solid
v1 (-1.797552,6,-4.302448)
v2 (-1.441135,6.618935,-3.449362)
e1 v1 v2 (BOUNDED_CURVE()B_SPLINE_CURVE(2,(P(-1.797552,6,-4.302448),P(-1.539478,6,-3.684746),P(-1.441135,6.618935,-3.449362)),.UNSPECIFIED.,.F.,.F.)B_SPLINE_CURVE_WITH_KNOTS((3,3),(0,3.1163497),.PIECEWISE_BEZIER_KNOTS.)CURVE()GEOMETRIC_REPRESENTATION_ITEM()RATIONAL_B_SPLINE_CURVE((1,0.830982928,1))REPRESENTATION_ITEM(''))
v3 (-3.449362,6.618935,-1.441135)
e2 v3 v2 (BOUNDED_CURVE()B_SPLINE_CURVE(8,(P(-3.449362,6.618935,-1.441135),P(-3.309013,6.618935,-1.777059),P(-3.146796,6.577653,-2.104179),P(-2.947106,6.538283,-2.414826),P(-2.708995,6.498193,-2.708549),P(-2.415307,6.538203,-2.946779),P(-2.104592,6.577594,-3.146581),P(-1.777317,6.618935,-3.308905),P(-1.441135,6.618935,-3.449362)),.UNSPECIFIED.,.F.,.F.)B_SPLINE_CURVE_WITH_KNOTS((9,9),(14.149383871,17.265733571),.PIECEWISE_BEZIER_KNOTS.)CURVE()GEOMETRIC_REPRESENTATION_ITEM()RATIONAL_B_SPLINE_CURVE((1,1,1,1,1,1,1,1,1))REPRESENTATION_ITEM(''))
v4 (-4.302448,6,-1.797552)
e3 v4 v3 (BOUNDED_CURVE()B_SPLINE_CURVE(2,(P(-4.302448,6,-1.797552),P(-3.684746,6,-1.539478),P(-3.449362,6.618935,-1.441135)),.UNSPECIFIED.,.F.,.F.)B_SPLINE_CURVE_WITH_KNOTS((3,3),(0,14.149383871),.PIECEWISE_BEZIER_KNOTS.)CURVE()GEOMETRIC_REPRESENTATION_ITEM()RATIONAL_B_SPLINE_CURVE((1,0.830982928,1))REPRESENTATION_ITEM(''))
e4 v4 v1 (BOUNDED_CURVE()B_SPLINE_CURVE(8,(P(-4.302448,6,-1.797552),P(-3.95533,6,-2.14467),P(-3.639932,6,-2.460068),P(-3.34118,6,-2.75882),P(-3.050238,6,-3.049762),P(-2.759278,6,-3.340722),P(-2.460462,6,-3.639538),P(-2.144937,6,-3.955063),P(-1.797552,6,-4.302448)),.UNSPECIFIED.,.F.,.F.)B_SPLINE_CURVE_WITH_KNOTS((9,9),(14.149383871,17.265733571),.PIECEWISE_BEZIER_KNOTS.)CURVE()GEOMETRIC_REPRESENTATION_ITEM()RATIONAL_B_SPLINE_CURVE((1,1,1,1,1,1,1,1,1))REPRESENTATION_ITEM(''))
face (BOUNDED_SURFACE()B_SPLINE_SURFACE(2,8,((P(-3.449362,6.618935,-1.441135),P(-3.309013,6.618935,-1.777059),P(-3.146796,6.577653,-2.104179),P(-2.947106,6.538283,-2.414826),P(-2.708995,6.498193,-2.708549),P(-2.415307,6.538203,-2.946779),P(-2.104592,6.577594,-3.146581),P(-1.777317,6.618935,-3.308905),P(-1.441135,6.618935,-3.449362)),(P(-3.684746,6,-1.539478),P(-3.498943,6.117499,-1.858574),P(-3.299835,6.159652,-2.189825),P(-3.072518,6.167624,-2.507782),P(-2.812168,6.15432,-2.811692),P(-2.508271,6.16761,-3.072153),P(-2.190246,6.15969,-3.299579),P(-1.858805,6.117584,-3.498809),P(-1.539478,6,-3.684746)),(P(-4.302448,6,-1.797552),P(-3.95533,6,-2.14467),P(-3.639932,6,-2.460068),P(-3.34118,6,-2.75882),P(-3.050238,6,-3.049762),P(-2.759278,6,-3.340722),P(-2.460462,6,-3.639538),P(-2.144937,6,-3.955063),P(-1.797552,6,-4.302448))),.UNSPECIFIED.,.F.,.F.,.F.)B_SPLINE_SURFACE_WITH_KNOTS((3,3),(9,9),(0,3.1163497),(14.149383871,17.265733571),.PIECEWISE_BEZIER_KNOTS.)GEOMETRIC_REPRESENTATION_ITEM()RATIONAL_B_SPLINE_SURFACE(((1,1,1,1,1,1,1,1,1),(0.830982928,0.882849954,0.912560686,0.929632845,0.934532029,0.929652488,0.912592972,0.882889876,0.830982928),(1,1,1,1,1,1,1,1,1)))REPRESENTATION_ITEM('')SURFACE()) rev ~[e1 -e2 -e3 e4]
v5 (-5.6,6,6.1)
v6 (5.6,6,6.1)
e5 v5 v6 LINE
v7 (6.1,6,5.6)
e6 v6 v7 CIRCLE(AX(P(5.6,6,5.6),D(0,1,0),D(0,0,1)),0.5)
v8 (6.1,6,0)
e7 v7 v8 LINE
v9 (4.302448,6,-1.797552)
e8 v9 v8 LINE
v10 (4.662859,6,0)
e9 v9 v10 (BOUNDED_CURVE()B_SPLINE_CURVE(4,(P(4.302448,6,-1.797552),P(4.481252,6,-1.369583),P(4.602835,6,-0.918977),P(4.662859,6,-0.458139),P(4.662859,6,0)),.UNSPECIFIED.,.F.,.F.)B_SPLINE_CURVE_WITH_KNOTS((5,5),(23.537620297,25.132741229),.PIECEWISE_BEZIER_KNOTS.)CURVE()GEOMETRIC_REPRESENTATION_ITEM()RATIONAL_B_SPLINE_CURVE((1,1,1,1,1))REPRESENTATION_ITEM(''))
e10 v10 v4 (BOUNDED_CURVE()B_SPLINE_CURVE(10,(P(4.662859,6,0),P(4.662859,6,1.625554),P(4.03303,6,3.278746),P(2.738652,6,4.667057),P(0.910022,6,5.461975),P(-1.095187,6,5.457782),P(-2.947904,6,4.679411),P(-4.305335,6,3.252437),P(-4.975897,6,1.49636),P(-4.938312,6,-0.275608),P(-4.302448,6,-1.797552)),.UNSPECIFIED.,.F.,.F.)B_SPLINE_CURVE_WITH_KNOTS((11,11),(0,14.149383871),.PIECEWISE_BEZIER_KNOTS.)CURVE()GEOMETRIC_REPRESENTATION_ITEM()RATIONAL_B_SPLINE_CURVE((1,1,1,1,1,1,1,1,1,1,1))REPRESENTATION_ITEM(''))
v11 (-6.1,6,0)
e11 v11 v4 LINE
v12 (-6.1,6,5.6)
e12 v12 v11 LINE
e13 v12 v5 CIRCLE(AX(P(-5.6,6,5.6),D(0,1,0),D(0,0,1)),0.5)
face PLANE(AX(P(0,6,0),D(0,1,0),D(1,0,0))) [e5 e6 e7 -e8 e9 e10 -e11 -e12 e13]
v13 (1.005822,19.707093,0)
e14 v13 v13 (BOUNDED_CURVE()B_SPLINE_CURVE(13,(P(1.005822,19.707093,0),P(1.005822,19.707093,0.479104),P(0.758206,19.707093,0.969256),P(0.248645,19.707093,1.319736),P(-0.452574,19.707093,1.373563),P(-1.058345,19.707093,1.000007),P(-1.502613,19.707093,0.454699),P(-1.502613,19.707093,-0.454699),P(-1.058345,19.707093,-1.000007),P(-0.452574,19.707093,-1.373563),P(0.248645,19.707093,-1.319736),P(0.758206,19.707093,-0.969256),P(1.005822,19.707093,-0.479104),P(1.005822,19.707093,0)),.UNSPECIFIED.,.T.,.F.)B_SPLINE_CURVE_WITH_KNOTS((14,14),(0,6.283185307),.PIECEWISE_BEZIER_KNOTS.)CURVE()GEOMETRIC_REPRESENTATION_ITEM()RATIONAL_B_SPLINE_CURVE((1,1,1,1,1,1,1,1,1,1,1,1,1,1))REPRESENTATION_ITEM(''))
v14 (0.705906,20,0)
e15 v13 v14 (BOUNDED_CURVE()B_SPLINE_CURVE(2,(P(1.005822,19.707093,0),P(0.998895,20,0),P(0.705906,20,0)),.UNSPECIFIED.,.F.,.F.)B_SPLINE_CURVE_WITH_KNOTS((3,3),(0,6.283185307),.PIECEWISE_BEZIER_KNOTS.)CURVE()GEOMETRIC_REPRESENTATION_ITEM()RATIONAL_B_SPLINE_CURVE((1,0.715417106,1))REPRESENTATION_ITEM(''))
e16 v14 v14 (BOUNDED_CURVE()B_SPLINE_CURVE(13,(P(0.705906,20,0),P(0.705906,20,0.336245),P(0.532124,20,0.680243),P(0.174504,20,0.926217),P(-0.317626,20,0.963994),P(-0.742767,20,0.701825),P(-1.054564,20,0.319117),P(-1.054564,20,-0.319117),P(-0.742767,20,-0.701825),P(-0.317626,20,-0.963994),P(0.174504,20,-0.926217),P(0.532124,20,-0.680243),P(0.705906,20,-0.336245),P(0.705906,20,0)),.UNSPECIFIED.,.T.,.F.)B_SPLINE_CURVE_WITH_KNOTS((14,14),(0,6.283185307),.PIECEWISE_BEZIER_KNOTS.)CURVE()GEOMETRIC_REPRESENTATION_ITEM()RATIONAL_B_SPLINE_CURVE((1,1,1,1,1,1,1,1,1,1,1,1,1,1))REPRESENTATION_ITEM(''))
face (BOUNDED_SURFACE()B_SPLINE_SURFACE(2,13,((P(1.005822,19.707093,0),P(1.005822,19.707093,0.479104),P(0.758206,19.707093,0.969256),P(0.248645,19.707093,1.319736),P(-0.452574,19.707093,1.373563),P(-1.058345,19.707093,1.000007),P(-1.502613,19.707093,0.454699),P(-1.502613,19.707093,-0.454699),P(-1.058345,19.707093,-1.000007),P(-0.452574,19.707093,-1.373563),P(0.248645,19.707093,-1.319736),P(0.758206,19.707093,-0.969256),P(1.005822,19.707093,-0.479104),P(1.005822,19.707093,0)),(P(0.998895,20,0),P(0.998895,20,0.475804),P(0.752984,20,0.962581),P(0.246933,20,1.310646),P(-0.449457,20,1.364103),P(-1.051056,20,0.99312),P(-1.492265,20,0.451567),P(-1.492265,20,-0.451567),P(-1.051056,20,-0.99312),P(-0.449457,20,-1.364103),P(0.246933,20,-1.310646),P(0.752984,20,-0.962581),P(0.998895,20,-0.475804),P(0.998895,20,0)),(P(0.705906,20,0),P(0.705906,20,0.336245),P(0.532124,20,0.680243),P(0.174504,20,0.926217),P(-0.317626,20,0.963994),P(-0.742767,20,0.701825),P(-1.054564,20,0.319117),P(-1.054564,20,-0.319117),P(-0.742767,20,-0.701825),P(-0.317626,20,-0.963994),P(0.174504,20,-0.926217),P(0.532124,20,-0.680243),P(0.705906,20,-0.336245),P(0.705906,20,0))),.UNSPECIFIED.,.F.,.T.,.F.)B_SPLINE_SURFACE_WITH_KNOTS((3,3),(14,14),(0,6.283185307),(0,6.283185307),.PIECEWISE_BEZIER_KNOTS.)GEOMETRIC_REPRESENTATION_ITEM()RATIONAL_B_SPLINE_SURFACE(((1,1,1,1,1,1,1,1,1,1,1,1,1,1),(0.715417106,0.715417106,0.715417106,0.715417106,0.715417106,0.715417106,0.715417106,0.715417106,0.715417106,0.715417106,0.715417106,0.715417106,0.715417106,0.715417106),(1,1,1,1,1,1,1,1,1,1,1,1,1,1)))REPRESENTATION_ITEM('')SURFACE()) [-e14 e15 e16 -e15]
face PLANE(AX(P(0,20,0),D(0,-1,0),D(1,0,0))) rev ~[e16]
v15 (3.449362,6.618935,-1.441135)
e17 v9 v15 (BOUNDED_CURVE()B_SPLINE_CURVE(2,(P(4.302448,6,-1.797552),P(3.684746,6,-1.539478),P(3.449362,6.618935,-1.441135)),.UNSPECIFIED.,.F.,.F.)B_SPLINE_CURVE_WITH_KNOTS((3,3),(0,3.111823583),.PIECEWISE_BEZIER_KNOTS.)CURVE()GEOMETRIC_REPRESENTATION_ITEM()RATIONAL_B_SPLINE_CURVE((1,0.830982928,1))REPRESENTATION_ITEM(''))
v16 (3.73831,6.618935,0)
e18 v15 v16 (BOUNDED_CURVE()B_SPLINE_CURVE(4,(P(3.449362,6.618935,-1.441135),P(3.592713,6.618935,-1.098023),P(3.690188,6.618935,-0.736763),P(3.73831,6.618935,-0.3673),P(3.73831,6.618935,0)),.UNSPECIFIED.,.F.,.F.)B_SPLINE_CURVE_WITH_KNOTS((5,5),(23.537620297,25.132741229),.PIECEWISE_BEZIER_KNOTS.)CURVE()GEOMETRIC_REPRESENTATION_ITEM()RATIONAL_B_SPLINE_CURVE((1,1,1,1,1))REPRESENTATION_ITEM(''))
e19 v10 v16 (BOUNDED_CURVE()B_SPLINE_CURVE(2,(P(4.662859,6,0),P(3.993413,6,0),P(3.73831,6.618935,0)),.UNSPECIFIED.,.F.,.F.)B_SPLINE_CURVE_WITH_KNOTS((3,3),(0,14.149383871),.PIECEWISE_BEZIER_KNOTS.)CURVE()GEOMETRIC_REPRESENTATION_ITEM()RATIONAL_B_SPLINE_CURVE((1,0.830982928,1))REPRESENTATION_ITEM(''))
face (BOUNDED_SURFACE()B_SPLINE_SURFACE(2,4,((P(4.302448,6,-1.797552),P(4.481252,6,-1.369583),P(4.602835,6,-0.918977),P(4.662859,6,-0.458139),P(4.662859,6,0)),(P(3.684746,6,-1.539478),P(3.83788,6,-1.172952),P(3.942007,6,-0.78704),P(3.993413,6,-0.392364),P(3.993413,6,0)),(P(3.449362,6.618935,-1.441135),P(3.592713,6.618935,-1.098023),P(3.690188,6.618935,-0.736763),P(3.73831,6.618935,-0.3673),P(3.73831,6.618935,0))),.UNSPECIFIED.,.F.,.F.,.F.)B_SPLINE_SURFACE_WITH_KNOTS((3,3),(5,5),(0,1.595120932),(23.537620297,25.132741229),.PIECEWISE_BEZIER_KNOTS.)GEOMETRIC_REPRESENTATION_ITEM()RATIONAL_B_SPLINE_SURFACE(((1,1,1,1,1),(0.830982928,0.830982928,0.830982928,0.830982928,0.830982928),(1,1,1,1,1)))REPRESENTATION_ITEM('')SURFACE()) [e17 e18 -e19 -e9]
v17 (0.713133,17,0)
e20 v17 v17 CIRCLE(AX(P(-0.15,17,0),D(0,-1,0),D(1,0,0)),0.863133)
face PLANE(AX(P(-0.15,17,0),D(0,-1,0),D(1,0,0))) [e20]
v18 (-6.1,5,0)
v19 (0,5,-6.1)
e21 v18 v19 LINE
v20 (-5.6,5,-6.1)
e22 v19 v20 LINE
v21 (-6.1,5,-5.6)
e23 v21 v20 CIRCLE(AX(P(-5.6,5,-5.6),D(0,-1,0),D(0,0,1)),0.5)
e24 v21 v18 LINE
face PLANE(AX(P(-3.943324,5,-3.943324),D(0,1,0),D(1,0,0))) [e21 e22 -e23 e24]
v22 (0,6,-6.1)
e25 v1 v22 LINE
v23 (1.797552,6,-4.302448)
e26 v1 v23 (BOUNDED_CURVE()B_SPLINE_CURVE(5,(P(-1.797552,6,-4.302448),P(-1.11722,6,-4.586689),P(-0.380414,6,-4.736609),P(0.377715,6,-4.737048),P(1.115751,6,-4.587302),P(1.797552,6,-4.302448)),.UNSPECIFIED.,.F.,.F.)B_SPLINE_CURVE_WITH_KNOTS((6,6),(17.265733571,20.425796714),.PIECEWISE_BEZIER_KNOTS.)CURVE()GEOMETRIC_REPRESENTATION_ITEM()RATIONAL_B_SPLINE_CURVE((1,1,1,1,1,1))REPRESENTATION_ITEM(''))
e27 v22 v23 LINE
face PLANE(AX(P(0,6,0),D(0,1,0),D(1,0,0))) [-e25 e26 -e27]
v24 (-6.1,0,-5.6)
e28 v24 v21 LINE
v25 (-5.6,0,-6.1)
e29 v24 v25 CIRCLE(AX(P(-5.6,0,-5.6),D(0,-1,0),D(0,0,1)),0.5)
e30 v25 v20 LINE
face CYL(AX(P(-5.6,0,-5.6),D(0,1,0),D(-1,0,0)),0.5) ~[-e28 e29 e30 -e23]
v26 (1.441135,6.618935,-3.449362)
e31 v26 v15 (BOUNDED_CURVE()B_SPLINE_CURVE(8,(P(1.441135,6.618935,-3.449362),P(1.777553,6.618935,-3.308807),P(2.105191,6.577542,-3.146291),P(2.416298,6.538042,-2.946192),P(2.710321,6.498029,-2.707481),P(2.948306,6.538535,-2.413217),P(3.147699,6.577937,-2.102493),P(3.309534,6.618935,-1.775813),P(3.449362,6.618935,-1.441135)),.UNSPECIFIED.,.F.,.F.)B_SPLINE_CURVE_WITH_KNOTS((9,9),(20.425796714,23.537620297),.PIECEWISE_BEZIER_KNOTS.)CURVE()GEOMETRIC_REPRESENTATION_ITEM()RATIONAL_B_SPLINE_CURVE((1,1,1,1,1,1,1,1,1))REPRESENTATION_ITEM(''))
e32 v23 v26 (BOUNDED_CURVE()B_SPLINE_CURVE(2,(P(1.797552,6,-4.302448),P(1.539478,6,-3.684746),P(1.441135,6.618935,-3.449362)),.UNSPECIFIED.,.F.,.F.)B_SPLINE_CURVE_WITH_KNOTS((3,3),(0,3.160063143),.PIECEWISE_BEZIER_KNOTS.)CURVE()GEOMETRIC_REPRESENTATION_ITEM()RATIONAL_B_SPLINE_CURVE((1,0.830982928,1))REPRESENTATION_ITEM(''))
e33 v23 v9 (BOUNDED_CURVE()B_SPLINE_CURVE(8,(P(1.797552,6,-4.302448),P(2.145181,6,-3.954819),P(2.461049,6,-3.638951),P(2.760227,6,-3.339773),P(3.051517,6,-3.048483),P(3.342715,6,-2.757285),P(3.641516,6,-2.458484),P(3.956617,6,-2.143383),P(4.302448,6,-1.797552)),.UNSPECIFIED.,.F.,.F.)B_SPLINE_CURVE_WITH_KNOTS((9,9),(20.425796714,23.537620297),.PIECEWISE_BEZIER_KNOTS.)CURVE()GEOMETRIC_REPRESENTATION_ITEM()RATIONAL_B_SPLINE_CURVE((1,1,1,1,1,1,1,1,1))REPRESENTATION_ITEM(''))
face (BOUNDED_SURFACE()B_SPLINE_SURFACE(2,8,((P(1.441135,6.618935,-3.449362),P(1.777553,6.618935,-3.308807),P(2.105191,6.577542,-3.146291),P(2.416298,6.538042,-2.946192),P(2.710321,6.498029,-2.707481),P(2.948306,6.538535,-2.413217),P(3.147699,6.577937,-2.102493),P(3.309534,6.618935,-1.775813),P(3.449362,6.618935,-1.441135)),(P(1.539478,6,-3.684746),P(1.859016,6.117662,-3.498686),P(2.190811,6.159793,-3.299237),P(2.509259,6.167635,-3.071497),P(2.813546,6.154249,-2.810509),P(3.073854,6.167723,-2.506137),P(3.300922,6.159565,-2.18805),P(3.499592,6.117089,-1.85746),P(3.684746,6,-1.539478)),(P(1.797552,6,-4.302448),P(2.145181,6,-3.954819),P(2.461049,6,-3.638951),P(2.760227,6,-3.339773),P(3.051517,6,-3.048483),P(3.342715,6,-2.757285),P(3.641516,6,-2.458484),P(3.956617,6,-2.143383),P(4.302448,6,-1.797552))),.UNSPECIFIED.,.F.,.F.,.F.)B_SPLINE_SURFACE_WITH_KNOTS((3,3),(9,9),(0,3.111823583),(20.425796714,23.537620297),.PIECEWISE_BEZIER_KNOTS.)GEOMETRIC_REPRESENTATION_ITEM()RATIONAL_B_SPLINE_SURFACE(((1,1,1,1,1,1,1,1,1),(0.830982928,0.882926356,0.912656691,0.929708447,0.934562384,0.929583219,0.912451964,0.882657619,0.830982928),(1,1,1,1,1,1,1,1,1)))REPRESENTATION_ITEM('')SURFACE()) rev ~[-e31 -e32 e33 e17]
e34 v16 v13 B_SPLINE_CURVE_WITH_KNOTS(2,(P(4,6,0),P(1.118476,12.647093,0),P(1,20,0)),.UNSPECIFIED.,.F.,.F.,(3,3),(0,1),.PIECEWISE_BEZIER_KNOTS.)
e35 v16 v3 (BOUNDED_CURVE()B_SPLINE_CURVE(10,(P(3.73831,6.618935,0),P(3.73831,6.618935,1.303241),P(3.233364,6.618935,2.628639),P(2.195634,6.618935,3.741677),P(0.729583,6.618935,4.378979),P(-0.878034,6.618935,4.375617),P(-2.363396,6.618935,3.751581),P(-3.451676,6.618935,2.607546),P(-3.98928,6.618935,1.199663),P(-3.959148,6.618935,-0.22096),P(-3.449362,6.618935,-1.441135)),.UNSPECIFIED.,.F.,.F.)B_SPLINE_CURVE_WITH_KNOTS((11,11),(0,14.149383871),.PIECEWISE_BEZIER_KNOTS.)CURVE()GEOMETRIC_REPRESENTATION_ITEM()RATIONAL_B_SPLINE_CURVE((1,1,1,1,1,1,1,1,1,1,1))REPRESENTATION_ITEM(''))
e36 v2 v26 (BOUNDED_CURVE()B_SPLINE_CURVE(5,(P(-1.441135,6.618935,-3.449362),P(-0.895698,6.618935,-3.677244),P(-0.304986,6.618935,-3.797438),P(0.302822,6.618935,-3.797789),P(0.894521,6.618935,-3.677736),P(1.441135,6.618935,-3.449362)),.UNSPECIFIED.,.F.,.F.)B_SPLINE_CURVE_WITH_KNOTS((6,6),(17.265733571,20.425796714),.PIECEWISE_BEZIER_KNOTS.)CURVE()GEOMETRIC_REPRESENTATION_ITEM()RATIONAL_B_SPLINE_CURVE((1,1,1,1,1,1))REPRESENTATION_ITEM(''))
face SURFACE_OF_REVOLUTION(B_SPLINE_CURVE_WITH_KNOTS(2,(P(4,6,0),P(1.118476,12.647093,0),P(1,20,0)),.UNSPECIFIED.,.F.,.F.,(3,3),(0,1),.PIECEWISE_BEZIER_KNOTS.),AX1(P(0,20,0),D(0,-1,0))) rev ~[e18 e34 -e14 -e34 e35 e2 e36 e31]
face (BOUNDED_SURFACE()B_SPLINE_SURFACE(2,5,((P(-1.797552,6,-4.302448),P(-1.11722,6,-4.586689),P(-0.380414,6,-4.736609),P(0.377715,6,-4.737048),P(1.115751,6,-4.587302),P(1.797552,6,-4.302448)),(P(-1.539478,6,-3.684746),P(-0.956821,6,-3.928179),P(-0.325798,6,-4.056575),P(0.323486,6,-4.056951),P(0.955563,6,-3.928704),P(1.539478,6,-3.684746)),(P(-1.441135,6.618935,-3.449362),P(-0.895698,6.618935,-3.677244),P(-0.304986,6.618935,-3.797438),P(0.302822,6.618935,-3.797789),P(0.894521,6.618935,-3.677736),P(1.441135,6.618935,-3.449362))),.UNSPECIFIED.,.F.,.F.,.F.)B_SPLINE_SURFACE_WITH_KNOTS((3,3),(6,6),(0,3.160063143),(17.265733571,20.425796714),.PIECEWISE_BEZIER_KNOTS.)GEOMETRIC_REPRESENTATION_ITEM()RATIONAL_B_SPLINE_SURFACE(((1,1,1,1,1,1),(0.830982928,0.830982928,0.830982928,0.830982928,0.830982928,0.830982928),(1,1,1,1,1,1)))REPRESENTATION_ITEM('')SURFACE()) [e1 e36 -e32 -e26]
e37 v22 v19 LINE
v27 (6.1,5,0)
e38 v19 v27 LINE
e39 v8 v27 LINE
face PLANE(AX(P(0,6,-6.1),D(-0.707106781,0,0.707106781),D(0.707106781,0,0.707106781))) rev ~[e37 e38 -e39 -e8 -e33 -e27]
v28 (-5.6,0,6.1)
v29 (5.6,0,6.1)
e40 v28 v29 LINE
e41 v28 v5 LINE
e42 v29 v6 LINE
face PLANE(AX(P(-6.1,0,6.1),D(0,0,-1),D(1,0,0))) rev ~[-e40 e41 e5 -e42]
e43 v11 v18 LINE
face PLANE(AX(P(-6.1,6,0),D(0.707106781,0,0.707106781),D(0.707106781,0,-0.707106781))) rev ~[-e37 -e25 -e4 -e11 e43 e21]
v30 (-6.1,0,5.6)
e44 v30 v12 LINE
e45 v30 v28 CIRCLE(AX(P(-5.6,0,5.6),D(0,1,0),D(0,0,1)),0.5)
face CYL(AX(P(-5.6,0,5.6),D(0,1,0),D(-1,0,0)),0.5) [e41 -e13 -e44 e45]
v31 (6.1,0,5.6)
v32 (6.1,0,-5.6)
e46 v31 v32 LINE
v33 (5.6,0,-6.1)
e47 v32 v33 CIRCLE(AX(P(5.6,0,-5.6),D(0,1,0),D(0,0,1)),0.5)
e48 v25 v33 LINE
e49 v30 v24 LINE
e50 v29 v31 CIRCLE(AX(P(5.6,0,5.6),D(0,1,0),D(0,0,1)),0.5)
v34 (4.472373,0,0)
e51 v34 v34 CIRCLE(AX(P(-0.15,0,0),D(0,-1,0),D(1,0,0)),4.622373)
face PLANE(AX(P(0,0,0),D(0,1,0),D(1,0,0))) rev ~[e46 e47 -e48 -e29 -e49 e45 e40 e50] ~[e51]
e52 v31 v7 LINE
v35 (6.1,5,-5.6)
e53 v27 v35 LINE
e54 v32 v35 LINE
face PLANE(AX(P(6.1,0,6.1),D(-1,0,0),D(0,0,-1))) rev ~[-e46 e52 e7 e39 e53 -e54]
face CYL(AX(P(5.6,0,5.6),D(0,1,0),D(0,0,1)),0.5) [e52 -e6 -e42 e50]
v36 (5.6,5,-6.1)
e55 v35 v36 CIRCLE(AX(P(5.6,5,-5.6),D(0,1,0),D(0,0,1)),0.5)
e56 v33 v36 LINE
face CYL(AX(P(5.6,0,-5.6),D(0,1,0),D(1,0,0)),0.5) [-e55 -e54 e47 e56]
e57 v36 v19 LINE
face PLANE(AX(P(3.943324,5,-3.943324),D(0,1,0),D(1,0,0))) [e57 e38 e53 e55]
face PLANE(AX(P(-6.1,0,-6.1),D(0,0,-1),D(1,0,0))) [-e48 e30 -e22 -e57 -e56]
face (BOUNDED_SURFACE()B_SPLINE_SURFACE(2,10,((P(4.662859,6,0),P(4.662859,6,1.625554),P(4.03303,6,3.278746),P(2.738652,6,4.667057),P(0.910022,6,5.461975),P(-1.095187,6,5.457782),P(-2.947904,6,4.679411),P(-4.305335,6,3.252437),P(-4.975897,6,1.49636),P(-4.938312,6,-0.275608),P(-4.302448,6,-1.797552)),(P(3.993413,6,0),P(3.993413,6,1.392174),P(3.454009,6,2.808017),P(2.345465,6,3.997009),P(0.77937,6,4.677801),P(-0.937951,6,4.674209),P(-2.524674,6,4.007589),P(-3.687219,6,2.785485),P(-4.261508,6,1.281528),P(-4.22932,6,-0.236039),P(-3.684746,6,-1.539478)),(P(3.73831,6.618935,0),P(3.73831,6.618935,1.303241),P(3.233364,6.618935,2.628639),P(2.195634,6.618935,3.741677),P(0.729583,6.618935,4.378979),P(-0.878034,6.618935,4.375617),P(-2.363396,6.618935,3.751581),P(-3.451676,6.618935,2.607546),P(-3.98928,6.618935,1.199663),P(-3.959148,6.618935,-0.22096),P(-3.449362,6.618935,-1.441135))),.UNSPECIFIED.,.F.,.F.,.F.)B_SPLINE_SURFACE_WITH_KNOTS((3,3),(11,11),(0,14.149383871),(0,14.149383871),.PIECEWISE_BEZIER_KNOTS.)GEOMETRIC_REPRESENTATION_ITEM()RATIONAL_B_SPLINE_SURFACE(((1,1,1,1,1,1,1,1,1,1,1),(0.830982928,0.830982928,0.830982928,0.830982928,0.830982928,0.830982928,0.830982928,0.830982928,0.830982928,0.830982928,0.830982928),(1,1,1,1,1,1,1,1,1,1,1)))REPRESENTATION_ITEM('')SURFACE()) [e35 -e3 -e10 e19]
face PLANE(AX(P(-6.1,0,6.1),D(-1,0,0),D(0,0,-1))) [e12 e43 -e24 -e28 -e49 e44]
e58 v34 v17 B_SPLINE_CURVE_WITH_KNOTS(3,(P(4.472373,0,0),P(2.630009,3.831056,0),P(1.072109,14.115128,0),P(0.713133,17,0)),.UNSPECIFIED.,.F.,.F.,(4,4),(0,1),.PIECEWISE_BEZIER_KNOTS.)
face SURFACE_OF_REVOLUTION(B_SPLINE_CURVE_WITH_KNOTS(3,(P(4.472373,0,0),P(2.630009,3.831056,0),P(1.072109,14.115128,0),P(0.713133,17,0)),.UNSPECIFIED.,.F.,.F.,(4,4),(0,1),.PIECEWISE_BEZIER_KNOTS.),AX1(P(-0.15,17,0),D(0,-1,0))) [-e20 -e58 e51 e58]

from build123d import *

# Parameters (mm, degrees)
ESQUISSE1_W             = 12.2
ESQUISSE1_H             = 12.2
BOSS_EXTRU_1_DEPTH      = 6
ENL_V_MAT_EXTRU_1_DEPTH = 1
CONG_2_R                = 0.3
CONG_3_R                = 0.5
CONG_4_R                = 1


with BuildPart() as part:
    # Esquisse1 → Boss.-Extru.1 (new body)
    with BuildSketch(Plane(origin=(0, 0, 0), x_dir=(1, 0, 0), z_dir=(0, 1, 0))):
        Rectangle(ESQUISSE1_W, ESQUISSE1_H)
    extrude(amount=BOSS_EXTRU_1_DEPTH)

    # Esquisse2 → Enlèv. mat.-Extru.1 (cut)
    with BuildSketch(Plane(origin=(0, 6, 0), x_dir=(1, 0, 0), z_dir=(0, 1, 0))):
        Polygon((-6.1, 6.1), (-6.1, 0), (0, 6.1), align=None)
        Polygon((6.1, 6.1), (0, 6.1), (6.1, 0), align=None)
    extrude(amount=-ENL_V_MAT_EXTRU_1_DEPTH, mode=Mode.SUBTRACT)

    # Esquisse4 → Révolution1 (revolve)
    with BuildSketch(Plane.XY):
        with BuildLine():
            Line((0, 20), (0, 6))
            Line((0, 6), (4, 6))
            add(Edge.make_bspline(
                [(4, 6), (1.118476113, 12.647093335), (1, 20)],
                knots=[0, 0, 0, 1, 1, 1], degree=2))
            Line((1, 20), (0, 20))
        make_face()
    revolve(axis=Axis((0, 20, 0), (0, -1, 0)))

    # Congé2
    cong_2_edges = [part.edges().sort_by_distance(p)[0] for p in [
        (-1, 20, 0),
    ]]
    fillet(cong_2_edges, radius=CONG_2_R)

    # Congé3
    cong_3_edges = [part.edges().sort_by_distance(p)[0] for p in [
        (-6.1, 2.5, -6.1),
        (6.1, 2.5, -6.1),
        (6.1, 3, 6.1),
        (-6.1, 3, 6.1),
    ]]
    fillet(cong_3_edges, radius=CONG_3_R)

    # Esquisse5 → Enlèvement de matière-Révolution1 (revolve, cut)
    with BuildSketch(Plane.XY):
        with BuildLine():
            Line((-0.15, 17), (-0.15, 0))
            Line((-0.15, 0), (4.472372581, 0))
            add(Edge.make_bspline(
                [(4.472372581, 0), (2.630008633, 3.831055764), (1.072108734, 14.115127784), (0.713133272, 17)],
                knots=[0, 0, 0, 0, 1, 1, 1, 1], degree=3))
            Line((0.713133272, 17), (-0.15, 17))
        make_face()
    revolve(axis=Axis((-0.15, 17, 0), (0, -1, 0)), mode=Mode.SUBTRACT)

    # Congé4
    cong_4_edges = [part.edges().sort_by_distance(p)[0] for p in [
        (-4, 6, 0),
    ]]
    fillet(cong_4_edges, radius=CONG_4_R)


solid = part.part
